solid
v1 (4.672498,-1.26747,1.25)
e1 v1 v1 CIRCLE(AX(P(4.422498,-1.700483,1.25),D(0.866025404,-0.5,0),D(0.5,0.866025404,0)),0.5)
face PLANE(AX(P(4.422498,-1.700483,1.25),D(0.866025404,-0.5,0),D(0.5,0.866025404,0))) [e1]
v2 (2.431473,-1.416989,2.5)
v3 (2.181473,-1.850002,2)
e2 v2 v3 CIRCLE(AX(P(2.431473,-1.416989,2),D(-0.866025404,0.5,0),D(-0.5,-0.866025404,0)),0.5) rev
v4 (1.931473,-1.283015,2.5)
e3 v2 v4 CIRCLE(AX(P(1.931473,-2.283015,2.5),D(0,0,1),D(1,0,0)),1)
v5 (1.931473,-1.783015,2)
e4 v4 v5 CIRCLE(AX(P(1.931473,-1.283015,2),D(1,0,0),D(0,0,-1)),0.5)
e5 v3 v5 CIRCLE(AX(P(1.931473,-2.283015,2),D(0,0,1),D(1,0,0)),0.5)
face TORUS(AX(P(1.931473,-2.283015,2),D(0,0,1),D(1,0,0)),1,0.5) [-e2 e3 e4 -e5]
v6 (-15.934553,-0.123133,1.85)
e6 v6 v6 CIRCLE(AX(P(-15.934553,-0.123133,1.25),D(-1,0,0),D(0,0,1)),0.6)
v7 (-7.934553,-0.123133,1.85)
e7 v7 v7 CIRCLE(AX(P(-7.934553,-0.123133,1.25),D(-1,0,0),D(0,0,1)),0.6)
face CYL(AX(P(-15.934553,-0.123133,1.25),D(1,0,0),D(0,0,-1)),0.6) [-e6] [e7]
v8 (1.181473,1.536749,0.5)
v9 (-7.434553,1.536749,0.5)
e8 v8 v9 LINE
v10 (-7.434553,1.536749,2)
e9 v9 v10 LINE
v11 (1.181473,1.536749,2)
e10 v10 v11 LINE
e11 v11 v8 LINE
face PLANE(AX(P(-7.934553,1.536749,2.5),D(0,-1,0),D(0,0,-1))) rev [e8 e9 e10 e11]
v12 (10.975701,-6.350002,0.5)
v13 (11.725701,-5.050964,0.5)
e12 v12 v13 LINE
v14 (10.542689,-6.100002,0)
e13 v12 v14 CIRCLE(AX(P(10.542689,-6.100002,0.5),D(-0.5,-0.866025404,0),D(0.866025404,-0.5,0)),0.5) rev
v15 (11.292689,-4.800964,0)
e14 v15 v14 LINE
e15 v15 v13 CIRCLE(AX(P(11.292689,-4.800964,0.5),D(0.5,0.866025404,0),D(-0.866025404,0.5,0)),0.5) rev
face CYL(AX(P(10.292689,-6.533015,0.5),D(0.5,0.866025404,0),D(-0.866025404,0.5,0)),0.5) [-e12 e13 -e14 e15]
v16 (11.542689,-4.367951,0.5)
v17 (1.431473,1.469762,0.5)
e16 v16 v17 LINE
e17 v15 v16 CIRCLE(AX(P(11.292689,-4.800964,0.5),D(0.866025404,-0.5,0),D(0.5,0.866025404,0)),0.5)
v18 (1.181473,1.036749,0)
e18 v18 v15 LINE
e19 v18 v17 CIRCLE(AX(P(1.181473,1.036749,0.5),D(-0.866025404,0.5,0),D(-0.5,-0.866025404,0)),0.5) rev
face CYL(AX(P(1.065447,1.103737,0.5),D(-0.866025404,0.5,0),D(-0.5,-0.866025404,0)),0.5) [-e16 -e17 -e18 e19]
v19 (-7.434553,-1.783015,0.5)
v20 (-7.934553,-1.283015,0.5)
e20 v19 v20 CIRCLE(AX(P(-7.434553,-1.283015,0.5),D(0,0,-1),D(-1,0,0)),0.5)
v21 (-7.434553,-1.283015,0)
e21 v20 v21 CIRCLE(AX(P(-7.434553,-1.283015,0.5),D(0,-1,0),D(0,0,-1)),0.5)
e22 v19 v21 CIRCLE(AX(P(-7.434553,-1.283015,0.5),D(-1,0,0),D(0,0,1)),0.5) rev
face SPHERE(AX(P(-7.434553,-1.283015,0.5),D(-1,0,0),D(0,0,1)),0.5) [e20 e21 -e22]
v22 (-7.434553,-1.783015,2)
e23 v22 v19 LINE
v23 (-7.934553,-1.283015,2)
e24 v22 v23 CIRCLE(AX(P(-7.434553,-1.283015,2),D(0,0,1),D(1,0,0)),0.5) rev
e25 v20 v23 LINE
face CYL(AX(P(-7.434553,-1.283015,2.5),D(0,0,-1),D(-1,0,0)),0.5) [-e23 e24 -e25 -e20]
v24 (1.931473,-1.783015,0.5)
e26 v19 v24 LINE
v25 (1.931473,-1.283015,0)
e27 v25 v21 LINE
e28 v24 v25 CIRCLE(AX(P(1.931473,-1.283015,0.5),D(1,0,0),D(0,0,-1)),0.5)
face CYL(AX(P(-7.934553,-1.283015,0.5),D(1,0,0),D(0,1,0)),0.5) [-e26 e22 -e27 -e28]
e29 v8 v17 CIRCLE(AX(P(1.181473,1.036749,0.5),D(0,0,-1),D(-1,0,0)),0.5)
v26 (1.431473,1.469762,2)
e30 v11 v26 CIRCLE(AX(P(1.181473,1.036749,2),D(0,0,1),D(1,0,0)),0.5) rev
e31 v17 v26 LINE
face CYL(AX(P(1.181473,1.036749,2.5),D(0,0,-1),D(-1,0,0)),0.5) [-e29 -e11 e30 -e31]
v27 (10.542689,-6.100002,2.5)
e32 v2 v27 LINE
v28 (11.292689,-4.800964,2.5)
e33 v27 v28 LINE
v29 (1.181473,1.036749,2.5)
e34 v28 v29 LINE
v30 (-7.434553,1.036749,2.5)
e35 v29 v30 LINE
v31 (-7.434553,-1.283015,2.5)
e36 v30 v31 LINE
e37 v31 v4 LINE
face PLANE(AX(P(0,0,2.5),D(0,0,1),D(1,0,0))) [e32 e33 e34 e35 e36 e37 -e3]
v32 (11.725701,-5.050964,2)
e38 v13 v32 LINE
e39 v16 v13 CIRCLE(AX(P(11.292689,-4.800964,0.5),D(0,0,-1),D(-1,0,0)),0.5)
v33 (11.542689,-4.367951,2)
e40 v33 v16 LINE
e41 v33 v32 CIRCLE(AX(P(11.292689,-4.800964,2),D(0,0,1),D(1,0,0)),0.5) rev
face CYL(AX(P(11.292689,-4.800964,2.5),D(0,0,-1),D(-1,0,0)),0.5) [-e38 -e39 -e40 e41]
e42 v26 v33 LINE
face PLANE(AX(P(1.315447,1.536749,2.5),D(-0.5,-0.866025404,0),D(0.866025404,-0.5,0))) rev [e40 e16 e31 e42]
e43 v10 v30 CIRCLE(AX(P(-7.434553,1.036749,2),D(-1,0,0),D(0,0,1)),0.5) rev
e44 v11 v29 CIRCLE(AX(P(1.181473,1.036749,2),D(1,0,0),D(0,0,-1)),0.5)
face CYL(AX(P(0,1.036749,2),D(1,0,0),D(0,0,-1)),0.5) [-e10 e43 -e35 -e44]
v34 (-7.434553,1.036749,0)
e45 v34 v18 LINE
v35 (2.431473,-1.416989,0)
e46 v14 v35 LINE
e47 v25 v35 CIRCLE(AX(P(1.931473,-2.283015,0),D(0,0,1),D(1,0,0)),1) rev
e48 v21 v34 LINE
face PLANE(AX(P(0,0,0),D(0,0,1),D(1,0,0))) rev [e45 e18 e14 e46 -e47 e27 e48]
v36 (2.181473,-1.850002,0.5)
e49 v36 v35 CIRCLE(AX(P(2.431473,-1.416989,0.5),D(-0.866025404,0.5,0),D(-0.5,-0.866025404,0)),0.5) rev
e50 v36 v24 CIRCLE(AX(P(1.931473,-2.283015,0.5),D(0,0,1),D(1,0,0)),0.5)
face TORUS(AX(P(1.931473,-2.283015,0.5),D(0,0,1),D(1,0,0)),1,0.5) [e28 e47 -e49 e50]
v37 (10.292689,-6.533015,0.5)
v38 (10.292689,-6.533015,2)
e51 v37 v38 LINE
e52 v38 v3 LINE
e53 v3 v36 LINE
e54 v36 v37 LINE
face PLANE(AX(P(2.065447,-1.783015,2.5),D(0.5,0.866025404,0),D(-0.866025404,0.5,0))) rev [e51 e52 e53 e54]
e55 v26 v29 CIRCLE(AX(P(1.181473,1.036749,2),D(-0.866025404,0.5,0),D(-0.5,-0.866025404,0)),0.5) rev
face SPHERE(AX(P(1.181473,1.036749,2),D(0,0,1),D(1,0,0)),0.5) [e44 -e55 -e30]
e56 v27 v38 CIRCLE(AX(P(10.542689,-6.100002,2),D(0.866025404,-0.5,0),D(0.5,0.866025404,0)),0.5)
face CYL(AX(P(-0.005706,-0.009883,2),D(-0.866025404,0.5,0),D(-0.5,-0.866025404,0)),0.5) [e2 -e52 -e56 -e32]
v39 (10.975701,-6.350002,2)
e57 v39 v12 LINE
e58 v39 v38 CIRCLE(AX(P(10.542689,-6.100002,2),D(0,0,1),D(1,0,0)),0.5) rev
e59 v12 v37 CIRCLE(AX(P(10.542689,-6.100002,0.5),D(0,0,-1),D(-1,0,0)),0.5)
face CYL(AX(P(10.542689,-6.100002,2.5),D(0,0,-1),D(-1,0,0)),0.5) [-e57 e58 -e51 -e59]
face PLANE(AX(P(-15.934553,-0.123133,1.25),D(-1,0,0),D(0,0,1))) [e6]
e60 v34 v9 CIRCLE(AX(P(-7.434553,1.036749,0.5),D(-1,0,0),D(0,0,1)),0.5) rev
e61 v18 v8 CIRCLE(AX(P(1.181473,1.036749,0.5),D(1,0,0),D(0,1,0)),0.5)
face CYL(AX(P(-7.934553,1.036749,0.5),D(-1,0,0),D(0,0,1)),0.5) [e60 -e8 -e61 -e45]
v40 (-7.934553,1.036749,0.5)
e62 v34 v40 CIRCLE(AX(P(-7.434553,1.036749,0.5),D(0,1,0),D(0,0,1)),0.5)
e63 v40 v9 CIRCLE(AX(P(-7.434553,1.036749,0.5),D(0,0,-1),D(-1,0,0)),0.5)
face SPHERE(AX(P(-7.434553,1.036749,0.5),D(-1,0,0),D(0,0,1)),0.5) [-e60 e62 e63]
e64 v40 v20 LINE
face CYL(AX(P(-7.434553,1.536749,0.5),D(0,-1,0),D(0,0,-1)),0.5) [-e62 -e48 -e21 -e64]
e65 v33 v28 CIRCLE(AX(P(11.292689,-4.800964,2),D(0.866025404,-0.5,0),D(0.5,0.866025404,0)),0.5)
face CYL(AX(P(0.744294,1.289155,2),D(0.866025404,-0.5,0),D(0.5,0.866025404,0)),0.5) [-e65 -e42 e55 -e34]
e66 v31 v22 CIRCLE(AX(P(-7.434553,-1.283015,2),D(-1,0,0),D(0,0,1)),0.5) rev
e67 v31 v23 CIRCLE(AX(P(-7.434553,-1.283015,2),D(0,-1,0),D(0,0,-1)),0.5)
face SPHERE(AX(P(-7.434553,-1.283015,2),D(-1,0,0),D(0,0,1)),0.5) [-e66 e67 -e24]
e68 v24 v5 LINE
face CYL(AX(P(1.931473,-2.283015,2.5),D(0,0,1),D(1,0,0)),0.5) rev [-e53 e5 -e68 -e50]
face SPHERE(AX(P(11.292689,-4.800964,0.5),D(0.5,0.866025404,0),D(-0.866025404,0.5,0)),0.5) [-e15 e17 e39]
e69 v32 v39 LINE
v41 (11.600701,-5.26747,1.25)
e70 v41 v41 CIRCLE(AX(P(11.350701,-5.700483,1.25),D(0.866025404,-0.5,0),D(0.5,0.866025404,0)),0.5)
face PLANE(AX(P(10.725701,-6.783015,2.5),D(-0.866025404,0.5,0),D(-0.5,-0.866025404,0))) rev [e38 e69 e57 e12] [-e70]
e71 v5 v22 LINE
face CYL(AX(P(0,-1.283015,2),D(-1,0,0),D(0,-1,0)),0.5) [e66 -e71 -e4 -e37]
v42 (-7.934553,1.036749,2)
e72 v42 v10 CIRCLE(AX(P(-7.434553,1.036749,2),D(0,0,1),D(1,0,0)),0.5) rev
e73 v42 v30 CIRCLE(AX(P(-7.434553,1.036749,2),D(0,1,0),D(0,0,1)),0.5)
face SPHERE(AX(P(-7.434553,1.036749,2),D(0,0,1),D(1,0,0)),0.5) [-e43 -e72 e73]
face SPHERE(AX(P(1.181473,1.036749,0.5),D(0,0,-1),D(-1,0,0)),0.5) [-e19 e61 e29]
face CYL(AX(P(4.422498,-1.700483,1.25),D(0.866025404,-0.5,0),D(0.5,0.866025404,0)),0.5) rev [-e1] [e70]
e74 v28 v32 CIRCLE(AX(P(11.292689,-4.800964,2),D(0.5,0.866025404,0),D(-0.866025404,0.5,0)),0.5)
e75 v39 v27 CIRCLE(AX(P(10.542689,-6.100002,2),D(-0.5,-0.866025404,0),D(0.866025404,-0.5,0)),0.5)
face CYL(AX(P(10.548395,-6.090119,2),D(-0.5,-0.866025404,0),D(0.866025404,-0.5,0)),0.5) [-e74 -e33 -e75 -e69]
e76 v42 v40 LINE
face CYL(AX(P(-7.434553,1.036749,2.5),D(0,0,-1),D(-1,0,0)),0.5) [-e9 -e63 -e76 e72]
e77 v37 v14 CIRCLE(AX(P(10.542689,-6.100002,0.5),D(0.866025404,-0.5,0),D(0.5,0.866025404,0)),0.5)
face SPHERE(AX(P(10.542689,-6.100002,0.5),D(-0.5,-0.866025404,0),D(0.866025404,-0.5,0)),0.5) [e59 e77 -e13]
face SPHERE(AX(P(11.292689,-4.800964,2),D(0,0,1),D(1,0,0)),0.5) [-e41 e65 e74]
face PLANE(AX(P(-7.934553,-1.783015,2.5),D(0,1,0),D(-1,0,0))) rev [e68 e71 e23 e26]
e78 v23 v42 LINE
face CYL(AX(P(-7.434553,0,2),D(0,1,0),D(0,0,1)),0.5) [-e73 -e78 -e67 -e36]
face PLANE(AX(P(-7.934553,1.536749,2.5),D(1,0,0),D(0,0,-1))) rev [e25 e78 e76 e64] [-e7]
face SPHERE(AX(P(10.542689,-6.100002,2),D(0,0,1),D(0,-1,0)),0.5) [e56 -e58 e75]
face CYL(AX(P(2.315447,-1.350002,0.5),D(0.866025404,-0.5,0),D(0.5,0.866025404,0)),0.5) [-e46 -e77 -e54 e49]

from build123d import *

# Parameters (mm, degrees)
EXTRUDE_1_DEPTH     = 2.5
SKETCH_2_R          = 0.5
CUT_EXTRUDE_1_DEPTH = 8
SKETCH_3_R          = 0.6
EXTRUDE_2_DEPTH     = 8
FILLET_1_R          = 0.5


with BuildPart() as part:
    # 草图1 → 凸台-拉伸1 (new body)
    with BuildSketch(Plane.XY):
        Polygon((1.315447425, 1.536749297), (11.975701463, -4.617951242), (10.725701463, -6.783014751), (2.065447425, -1.783014751), (-7.934552575, -1.783014751), (-7.934552575, 1.536749297), align=None)
    extrude(amount=EXTRUDE_1_DEPTH)

    # 草图2 → 切除-拉伸1 (cut)
    with BuildSketch(Plane(origin=(10.981407641, -6.340118658, 0), x_dir=(0, 0, -1), z_dir=(0.8660254037844386, -0.5, 0))):
        with Locations(Location((-1.25, 0.738587643, 0), (0, 0, 90))):
            Circle(SKETCH_2_R)
    extrude(amount=-CUT_EXTRUDE_1_DEPTH, mode=Mode.SUBTRACT)

    # 草图3 → 凸台-拉伸2 (add)
    with BuildSketch(Plane.ZY.offset(7.934552575)):
        with Locations((1.25, -0.123132727)):
            Circle(SKETCH_3_R)
    extrude(amount=EXTRUDE_2_DEPTH)

    # 圆角1
    fillet_1_edges = [part.edges().sort_by_distance(p)[0] for p in [
        (2.065447425, -1.783014751, 1.25),
        (-7.934552575, -1.783014751, 1.25),
        (-7.934552575, 1.536749297, 1.25),
        (1.315447425, 1.536749297, 1.25),
        (11.975701463, -4.617951242, 1.25),
        (10.725701463, -6.783014751, 1.25),
        (6.645574444, -1.540600973, 2.5),
        (-3.309552575, 1.536749297, 2.5),
        (-7.934552575, -0.123132727, 2.5),
        (-2.934552575, -1.783014751, 2.5),
        (6.395574444, -4.283014751, 2.5),
        (-2.934552575, -1.783014751, 0),
        (-7.934552575, -0.123132727, 0),
        (-3.309552575, 1.536749297, 0),
        (6.645574444, -1.540600973, 0),
        (11.350701463, -5.700482996, 0),
        (6.395574444, -4.283014751, 0),
        (11.350701463, -5.700482996, 2.5),
    ]]
    fillet(fillet_1_edges, radius=FILLET_1_R)


solid = part.part
